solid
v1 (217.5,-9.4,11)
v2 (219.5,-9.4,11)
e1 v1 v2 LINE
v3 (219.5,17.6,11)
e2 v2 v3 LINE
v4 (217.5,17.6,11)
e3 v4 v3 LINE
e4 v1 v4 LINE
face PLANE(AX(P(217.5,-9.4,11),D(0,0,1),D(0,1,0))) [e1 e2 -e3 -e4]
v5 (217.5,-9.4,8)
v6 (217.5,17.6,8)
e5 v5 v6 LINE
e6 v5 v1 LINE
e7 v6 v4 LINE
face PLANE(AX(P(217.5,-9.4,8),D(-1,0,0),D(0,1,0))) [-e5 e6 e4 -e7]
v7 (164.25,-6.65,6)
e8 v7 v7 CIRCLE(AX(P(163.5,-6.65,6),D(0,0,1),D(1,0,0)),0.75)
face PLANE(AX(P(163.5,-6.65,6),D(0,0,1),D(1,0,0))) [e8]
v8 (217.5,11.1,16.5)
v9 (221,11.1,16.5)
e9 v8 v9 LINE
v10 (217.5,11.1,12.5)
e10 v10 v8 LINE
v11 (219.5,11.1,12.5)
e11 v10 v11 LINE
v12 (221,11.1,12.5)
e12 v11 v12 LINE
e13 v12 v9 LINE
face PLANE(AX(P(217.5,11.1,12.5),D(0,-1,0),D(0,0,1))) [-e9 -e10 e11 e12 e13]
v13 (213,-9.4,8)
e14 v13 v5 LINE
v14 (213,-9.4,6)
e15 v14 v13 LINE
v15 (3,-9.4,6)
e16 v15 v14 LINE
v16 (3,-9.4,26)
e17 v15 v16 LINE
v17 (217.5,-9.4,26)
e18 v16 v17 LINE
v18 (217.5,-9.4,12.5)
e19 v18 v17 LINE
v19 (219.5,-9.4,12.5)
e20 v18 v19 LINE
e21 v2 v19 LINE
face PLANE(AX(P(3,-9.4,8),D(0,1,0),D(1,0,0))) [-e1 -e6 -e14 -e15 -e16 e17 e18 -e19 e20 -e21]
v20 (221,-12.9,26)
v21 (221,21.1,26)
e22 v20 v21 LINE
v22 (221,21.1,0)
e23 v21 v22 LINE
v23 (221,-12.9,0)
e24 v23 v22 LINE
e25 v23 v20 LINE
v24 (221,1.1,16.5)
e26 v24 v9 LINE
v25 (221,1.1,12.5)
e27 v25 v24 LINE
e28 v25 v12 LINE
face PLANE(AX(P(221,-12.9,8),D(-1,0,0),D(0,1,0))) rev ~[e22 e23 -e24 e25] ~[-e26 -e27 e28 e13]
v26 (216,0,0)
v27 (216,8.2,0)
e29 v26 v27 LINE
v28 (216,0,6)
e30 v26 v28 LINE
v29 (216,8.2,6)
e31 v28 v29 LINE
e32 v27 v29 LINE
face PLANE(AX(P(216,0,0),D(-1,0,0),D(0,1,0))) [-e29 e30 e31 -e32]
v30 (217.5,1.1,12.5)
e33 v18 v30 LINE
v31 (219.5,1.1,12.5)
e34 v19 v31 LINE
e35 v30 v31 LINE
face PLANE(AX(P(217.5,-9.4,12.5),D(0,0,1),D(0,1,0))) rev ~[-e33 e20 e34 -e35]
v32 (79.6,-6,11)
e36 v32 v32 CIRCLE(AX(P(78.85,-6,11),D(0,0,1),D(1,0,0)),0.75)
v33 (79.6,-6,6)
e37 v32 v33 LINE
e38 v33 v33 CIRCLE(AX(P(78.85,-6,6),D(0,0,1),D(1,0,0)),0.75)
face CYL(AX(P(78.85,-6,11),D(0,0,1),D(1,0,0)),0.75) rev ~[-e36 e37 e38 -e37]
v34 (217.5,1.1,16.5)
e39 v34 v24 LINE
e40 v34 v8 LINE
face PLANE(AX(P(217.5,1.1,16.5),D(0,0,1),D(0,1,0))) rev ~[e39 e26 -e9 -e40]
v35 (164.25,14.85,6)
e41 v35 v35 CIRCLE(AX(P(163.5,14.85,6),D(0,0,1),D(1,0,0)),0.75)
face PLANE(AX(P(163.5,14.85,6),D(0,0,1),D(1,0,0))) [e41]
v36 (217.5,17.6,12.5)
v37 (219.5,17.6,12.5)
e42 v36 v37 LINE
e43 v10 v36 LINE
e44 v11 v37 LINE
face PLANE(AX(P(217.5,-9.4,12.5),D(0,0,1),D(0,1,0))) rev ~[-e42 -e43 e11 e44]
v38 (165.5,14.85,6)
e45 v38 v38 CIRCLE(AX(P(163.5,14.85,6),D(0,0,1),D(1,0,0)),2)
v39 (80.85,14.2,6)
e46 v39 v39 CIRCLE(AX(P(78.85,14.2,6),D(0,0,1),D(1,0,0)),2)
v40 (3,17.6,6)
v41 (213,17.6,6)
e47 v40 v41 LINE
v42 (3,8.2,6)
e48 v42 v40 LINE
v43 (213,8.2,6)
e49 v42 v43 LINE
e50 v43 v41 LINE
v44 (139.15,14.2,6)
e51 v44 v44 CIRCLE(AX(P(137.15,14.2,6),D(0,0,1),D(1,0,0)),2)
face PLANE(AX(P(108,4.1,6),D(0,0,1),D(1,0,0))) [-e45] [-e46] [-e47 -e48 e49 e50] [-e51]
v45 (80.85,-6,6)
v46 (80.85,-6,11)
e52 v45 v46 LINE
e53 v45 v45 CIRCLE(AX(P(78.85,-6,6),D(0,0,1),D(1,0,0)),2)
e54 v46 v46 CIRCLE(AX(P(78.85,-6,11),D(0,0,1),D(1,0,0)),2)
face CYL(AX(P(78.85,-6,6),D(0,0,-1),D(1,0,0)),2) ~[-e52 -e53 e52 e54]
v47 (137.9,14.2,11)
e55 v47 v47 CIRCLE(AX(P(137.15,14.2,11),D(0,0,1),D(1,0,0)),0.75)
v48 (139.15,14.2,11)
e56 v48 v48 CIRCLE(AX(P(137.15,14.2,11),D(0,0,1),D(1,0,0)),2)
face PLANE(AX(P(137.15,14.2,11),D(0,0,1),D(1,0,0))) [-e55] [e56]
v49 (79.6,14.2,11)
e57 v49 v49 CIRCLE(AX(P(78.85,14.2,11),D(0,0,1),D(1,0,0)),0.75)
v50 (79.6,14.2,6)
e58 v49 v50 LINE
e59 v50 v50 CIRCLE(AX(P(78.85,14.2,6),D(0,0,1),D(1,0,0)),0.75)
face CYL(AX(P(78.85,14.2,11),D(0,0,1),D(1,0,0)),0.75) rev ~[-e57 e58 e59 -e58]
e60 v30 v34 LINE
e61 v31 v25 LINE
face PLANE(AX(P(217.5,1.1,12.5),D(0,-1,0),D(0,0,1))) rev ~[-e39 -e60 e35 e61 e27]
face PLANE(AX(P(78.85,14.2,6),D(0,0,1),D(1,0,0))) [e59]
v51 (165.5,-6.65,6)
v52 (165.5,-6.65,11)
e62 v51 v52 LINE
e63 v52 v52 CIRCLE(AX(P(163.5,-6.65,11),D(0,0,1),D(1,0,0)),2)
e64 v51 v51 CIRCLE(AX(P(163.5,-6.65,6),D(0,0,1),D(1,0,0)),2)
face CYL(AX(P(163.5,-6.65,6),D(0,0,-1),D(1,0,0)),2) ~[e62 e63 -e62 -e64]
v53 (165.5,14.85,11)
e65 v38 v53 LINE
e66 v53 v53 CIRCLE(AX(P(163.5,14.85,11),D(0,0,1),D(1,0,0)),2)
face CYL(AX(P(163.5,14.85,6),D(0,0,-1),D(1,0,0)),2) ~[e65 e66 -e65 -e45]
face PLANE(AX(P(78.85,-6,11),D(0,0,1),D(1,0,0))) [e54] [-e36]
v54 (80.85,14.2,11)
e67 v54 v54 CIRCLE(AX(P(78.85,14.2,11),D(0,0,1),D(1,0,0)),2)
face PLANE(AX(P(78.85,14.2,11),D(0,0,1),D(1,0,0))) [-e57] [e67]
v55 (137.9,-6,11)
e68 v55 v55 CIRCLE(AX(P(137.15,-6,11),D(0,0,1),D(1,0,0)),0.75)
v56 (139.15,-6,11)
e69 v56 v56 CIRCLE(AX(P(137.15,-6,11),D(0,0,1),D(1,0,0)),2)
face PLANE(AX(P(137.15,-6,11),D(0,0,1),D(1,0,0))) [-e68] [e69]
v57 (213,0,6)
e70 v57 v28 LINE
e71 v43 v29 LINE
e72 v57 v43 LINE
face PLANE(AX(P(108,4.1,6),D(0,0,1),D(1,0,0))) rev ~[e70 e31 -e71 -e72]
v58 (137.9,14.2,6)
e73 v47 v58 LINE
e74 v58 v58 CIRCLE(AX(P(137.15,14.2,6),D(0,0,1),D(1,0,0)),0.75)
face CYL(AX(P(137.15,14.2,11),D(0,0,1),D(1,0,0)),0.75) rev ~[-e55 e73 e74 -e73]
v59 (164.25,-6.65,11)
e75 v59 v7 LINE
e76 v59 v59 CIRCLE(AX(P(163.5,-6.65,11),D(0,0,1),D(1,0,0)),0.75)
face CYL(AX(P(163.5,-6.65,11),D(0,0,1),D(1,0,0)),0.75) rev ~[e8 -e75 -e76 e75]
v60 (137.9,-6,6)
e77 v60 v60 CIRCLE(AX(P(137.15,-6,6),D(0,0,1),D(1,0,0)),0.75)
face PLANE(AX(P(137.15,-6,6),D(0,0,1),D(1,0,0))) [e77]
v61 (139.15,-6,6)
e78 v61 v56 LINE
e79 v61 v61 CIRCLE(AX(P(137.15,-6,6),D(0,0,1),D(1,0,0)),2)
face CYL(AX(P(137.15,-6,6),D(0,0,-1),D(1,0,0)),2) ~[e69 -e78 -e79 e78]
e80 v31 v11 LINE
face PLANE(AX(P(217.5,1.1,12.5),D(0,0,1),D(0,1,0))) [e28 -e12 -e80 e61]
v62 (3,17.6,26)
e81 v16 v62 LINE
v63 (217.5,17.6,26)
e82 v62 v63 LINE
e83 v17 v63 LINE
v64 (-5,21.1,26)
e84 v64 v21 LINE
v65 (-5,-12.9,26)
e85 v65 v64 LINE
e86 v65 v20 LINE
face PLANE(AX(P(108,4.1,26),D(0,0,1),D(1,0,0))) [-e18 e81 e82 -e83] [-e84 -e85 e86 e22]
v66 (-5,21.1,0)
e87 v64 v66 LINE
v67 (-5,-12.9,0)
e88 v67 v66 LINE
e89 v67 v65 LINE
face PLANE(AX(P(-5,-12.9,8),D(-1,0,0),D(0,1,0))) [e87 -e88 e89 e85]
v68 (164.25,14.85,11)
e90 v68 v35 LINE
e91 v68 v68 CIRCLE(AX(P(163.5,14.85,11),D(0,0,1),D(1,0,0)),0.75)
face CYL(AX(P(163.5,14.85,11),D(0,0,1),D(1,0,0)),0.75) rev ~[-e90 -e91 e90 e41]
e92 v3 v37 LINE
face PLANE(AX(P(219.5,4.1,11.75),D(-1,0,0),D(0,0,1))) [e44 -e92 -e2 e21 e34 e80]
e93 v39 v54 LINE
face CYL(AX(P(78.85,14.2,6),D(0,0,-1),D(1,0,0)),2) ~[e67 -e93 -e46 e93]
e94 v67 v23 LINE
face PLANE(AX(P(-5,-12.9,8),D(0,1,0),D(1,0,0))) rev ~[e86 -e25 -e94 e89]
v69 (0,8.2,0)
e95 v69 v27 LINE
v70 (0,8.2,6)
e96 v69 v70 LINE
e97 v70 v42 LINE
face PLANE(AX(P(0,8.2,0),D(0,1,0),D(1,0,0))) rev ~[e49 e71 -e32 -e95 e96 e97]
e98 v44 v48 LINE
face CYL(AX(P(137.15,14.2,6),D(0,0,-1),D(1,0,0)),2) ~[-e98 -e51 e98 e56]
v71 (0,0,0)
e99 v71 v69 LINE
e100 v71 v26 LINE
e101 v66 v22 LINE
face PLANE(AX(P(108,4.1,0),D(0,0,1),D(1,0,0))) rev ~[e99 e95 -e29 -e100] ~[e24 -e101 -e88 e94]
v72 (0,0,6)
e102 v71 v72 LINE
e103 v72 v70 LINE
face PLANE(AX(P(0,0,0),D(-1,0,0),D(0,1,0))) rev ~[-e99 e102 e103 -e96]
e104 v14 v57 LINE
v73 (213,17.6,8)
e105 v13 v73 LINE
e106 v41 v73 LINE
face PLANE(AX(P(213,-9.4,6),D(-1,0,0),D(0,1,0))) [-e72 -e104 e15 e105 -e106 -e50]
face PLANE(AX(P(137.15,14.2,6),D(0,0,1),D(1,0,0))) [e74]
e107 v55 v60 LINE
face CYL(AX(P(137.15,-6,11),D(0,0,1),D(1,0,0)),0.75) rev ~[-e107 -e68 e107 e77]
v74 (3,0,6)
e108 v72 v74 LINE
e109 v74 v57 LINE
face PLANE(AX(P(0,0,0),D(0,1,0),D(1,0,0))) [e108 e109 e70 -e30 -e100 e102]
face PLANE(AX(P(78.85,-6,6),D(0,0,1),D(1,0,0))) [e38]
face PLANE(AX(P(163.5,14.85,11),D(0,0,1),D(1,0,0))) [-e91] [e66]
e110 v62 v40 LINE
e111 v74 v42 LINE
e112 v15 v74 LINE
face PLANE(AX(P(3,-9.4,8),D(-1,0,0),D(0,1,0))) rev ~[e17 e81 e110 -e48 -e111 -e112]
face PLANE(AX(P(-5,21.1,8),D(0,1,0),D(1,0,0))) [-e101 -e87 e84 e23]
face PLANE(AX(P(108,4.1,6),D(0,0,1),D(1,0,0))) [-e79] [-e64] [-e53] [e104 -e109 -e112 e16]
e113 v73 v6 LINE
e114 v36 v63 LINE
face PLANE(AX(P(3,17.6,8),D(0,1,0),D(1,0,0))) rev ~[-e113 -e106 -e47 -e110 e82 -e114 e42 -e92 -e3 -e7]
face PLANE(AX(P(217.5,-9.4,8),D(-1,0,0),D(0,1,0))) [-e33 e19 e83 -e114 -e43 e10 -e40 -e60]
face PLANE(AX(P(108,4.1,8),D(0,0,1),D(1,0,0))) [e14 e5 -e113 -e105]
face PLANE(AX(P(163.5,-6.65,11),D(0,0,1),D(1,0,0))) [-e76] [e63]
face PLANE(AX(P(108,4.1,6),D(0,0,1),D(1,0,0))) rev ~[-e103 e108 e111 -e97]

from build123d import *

# Parameters (mm, degrees)
SKETCH_1_W          = 226
SKETCH_1_H          = 34
SKETCH_1_W_2        = 216
SKETCH_1_H_2        = 8.2
EXTRUDE_1_DEPTH     = 6
SKETCH_2_R          = 2
EXTRUDE_2_DEPTH     = 5
SKETCH_3_R          = 0.75
CUT_EXTRUDE_1_DEPTH = 5
SKETCH_4_W          = 226
SKETCH_4_H          = 34
SKETCH_4_W_2        = 210
SKETCH_4_H_2        = 27
EXTRUDE_3_DEPTH     = 2
SKETCH_6_W          = 226
SKETCH_6_H          = 34
SKETCH_6_W_2        = 214.5
SKETCH_6_H_2        = 27
EXTRUDE_4_DEPTH     = 18
SKETCH_7_W          = 1.5
SKETCH_7_H          = 27
CUT_EXTRUDE_2_DEPTH = 2
SKETCH_8_R          = 2
EXTRUDE_5_DEPTH     = 5
SKETCH_9_R          = 0.75
CUT_EXTRUDE_3_DEPTH = 5
SKETCH_10_W         = 4
SKETCH_10_H         = 10
CUT_EXTRUDE_4_DEPTH = 5


with BuildPart() as part:
    # Эскиз1 → Бобышка-Вытянуть1 (new body)
    with BuildSketch(Plane.XY):
        with Locations((108, 4.1)):
            Rectangle(SKETCH_1_W, SKETCH_1_H)
        with Locations((108, 4.1)):
            Rectangle(SKETCH_1_W_2, SKETCH_1_H_2, mode=Mode.SUBTRACT)
    extrude(amount=EXTRUDE_1_DEPTH)

    # Эскиз2 → Бобышка-Вытянуть2 (add)
    with BuildSketch(Plane.XY.offset(6)):
        with Locations((78.85, 14.2)):
            Circle(SKETCH_2_R)
        with Locations((78.85, -6)):
            Circle(SKETCH_2_R)
        with Locations((137.15, 14.2)):
            Circle(SKETCH_2_R)
        with Locations((137.15, -6)):
            Circle(SKETCH_2_R)
    extrude(amount=EXTRUDE_2_DEPTH)

    # Эскиз3 → Вырез-Вытянуть1 (cut)
    with BuildSketch(Plane.XY.offset(11)):
        with Locations((78.85, 14.2)):
            Circle(SKETCH_3_R)
        with Locations((78.85, -6)):
            Circle(SKETCH_3_R)
        with Locations((137.15, 14.2)):
            Circle(SKETCH_3_R)
        with Locations((137.15, -6)):
            Circle(SKETCH_3_R)
    extrude(amount=-CUT_EXTRUDE_1_DEPTH, mode=Mode.SUBTRACT)

    # Эскиз4 → Бобышка-Вытянуть3 (add)
    with BuildSketch(Plane.XY.offset(6)):
        with Locations((108, 4.1)):
            Rectangle(SKETCH_4_W, SKETCH_4_H)
        with Locations((108, 4.1)):
            Rectangle(SKETCH_4_W_2, SKETCH_4_H_2, mode=Mode.SUBTRACT)
    extrude(amount=EXTRUDE_3_DEPTH)

    # Эскиз6 → Бобышка-Вытянуть4 (add)
    with BuildSketch(Plane.XY.offset(8)):
        with Locations((108, 4.1)):
            Rectangle(SKETCH_6_W, SKETCH_6_H)
        with Locations((110.25, 4.1)):
            Rectangle(SKETCH_6_W_2, SKETCH_6_H_2, mode=Mode.SUBTRACT)
    extrude(amount=EXTRUDE_4_DEPTH)

    # Эскиз7 → Вырез-Вытянуть2 (cut)
    with BuildSketch(Plane.ZY.offset(-217.5)):
        with Locations((11.75, 4.1)):
            Rectangle(SKETCH_7_W, SKETCH_7_H)
    extrude(amount=-CUT_EXTRUDE_2_DEPTH, mode=Mode.SUBTRACT)

    # Эскиз8 → Бобышка-Вытянуть5 (add)
    with BuildSketch(Plane.XY.offset(6)):
        with Locations((163.5, 14.85)):
            Circle(SKETCH_8_R)
        with Locations((163.5, -6.65)):
            Circle(SKETCH_8_R)
    extrude(amount=EXTRUDE_5_DEPTH)

    # Эскиз9 → Вырез-Вытянуть3 (cut)
    with BuildSketch(Plane.XY.offset(11)):
        with Locations((163.5, 14.85)):
            Circle(SKETCH_9_R)
        with Locations((163.5, -6.65)):
            Circle(SKETCH_9_R)
    extrude(amount=-CUT_EXTRUDE_3_DEPTH, mode=Mode.SUBTRACT)

    # Эскиз10 → Вырез-Вытянуть4 (cut)
    with BuildSketch(Plane.ZY.offset(-217.5)):
        with Locations((14.5, 6.1)):
            Rectangle(SKETCH_10_W, SKETCH_10_H)
    extrude(amount=-CUT_EXTRUDE_4_DEPTH, mode=Mode.SUBTRACT)


solid = part.part
